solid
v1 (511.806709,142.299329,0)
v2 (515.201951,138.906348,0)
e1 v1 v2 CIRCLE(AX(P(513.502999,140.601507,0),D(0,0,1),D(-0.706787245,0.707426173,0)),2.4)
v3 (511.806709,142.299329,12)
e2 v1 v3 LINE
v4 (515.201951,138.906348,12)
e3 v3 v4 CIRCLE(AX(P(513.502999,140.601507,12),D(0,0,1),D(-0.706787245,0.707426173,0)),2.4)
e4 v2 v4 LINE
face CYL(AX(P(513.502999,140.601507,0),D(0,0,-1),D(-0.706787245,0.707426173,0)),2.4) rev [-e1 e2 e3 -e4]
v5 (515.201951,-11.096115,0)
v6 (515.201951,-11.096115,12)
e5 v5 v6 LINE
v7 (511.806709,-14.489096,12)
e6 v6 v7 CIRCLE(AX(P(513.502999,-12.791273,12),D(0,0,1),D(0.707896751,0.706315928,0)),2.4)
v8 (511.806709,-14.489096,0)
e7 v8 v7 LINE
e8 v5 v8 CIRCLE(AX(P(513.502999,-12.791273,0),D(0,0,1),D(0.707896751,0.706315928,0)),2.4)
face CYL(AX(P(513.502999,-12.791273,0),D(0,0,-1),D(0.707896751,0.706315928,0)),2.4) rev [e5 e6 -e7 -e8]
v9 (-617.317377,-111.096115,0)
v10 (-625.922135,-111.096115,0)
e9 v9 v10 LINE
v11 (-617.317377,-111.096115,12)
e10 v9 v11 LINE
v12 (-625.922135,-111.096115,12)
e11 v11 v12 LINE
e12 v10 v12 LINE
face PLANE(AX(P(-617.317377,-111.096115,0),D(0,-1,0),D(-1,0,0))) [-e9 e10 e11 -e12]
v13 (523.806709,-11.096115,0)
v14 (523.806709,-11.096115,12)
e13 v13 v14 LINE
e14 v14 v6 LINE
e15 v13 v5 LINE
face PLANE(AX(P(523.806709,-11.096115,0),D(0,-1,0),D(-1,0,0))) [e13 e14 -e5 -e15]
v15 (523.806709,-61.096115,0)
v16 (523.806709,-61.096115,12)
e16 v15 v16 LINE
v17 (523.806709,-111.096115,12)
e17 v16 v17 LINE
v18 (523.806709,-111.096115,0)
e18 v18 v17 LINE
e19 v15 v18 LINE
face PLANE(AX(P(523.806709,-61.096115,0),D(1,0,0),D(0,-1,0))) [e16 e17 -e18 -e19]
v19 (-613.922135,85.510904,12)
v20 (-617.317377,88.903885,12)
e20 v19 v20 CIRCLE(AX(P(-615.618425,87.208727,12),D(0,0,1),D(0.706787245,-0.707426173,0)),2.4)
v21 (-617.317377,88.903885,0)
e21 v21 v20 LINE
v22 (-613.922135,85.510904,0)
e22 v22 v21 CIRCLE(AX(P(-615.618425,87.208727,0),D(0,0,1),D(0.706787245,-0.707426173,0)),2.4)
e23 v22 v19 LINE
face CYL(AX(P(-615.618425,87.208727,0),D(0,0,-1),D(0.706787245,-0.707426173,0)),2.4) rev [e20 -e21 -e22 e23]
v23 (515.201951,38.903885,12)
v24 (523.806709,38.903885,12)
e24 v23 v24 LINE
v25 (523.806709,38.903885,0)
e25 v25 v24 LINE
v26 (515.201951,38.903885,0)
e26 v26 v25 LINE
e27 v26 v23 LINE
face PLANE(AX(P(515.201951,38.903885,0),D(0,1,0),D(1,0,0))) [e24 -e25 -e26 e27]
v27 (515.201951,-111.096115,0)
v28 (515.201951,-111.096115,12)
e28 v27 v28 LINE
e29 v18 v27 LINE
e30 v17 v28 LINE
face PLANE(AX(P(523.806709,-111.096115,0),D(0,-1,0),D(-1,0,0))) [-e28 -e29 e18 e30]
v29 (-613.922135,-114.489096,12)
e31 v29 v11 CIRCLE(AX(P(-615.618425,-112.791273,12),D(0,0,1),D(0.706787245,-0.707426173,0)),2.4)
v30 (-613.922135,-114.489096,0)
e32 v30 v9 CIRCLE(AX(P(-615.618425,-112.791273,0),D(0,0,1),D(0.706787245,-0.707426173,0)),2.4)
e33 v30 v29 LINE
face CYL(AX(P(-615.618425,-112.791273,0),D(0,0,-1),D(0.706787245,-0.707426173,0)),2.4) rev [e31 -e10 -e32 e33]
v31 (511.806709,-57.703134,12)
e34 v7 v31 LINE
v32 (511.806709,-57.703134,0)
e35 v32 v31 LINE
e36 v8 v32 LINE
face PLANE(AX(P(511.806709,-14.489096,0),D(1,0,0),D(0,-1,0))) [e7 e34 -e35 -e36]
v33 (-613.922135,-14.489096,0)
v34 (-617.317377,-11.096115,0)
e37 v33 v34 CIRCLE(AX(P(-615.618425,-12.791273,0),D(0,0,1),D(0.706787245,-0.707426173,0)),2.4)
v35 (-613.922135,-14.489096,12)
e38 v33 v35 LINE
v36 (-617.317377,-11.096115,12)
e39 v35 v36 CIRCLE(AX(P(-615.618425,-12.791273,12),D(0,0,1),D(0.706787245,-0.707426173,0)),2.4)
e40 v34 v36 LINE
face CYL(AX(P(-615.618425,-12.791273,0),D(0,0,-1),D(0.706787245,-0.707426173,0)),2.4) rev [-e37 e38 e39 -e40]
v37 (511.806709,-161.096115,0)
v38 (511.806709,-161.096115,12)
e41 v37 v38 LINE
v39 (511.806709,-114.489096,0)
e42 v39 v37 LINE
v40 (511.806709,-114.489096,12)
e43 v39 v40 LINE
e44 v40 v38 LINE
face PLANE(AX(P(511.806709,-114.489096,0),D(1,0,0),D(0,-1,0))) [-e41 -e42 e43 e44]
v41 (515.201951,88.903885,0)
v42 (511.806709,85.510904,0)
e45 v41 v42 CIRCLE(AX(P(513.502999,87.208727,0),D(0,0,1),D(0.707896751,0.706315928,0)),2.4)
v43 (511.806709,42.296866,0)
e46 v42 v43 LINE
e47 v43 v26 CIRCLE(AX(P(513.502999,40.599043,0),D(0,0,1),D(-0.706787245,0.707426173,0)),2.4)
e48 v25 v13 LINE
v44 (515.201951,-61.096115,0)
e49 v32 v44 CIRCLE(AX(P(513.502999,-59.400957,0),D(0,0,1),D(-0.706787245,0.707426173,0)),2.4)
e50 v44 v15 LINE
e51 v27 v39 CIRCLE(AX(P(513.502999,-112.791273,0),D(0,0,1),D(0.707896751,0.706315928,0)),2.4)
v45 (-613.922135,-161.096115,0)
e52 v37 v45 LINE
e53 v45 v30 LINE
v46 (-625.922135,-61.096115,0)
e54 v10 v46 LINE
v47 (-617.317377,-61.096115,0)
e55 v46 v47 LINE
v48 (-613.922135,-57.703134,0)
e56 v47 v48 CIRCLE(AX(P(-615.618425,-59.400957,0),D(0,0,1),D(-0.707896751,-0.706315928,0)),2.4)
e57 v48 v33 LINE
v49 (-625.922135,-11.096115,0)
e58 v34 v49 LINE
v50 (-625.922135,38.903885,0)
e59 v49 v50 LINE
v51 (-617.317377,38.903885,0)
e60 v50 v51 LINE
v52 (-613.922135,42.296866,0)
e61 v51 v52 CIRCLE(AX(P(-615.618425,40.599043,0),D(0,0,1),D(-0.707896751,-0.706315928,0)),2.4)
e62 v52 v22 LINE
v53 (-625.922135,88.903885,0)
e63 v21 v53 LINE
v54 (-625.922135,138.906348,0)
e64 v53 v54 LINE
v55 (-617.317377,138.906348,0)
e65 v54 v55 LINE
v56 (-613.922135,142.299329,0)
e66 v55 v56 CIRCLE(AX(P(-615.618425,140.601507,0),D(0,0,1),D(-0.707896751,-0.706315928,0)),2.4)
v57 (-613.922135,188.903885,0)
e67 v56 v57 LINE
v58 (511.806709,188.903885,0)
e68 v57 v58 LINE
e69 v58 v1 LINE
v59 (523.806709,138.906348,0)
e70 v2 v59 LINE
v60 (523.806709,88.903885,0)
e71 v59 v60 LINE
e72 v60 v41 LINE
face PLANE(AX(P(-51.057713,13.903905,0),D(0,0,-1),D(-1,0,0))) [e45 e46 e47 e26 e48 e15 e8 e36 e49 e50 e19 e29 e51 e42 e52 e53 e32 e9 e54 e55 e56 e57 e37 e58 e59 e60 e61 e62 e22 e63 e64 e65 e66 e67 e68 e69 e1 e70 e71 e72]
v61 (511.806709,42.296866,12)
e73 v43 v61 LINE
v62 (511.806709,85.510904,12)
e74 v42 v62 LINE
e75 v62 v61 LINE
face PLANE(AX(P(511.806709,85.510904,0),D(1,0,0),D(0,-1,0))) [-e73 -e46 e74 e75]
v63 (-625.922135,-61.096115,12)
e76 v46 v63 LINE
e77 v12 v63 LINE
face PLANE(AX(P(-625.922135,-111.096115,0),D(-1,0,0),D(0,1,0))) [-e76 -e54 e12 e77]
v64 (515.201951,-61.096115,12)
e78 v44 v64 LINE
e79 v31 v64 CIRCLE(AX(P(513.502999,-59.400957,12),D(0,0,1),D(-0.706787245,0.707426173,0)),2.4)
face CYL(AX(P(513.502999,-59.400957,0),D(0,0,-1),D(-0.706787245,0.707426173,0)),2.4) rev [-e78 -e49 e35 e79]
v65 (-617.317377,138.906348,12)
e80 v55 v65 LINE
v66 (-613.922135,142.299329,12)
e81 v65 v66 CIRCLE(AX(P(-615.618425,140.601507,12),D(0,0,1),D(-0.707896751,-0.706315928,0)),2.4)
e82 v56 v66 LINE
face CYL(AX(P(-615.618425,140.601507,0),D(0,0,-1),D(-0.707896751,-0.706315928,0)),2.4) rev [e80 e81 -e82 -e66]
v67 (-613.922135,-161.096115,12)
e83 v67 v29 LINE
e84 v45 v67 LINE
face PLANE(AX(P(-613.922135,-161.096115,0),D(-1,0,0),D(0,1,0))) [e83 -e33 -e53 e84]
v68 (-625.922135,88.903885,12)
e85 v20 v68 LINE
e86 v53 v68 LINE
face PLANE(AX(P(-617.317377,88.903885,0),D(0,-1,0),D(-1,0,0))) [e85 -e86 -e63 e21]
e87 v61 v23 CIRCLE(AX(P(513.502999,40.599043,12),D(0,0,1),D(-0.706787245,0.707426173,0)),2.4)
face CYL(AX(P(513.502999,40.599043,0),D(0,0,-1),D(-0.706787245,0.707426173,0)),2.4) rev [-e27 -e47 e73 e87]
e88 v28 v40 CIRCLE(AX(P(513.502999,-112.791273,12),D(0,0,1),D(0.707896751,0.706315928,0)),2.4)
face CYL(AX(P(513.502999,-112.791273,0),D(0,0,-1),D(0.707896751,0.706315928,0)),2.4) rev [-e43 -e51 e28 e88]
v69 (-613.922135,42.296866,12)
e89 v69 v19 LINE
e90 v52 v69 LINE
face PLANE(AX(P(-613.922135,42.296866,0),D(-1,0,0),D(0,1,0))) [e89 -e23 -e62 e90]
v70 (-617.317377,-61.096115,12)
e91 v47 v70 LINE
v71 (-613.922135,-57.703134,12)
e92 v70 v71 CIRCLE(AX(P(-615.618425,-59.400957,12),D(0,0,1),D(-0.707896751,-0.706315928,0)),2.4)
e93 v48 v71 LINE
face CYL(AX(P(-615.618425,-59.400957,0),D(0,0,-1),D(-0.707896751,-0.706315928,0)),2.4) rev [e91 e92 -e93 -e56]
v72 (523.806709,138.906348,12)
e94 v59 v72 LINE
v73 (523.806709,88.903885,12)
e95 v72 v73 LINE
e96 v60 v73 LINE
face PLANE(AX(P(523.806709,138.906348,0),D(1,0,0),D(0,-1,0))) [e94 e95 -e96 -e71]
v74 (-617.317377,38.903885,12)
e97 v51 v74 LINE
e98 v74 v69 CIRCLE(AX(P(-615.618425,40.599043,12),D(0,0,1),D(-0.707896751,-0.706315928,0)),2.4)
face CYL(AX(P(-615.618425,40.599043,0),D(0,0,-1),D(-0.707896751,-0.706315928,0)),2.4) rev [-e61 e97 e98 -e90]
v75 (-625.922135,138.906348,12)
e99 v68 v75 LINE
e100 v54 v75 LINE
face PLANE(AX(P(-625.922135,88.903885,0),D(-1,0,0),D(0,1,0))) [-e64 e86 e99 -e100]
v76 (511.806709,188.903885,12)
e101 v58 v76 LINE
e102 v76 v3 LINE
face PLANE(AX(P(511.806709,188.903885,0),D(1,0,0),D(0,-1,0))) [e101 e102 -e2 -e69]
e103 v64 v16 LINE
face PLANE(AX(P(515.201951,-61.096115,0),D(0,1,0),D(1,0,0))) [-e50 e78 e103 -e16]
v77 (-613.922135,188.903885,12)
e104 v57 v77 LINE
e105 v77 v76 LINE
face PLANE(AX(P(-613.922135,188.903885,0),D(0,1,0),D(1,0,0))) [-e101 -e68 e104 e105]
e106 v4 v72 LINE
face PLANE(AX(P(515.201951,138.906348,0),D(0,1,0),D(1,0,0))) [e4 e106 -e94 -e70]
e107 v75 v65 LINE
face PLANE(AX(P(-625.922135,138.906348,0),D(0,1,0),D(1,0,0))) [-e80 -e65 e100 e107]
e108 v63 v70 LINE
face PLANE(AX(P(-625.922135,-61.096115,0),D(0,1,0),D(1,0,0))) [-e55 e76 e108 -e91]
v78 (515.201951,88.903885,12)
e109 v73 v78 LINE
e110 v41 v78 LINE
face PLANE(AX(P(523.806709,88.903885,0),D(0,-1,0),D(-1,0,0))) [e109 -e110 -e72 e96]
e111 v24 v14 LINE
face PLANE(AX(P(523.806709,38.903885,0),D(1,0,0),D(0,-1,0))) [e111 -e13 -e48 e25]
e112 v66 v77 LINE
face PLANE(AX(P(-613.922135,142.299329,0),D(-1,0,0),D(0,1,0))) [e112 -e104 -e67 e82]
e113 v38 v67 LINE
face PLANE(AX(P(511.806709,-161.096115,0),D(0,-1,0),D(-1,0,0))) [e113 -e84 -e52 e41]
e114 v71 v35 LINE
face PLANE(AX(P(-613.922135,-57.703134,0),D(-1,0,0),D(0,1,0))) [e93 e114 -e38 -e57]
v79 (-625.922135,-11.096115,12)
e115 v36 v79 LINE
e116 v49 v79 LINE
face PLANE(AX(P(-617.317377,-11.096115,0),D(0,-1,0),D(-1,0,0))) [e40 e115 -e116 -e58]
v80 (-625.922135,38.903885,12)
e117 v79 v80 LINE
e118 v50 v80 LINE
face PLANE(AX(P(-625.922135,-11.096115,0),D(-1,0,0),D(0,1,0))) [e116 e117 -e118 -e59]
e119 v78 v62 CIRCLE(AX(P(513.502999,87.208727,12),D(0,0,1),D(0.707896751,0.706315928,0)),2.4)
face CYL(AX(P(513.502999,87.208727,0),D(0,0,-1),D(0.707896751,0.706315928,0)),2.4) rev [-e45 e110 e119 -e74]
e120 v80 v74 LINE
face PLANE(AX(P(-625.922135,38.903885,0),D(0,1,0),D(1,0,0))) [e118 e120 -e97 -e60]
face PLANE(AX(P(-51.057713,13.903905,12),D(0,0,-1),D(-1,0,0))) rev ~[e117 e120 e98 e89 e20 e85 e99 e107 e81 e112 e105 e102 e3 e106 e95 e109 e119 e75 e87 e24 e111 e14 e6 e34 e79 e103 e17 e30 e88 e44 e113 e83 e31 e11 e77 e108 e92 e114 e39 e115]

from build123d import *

# Parameters (mm, degrees)
BOSS_EXTRUDE1_DEPTH = 12


with BuildPart() as part:
    # Sketch1 → Boss-Extrude1 (new body)
    with BuildSketch(Plane.XY):
        with BuildLine():
            Line((511.8067094, 188.903885219), (511.8067094, 142.299329353))
            ThreePointArc((511.8067094, 142.299329353), (511.806507744, 138.903885219), (515.20195099, 138.906348311))
            Line((515.20195099, 138.906348311), (523.8067094, 138.906348311))
            Line((523.8067094, 138.906348311), (523.8067094, 138.319810176))
            Line((523.8067094, 138.319810176), (523.8067094, 88.903885219))
            Line((523.8067094, 88.903885219), (518.8067094, 88.903885219))
            Line((518.8067094, 88.903885219), (515.20195099, 88.903885219))
            ThreePointArc((515.20195099, 88.903885219), (511.806507744, 88.906348311), (511.8067094, 85.510904177))
            Line((511.8067094, 85.510904177), (511.8067094, 42.296866261))
            ThreePointArc((511.8067094, 42.296866261), (511.806507744, 38.901422127), (515.20195099, 38.903885219))
            Line((515.20195099, 38.903885219), (518.8067094, 38.903885219))
            Line((518.8067094, 38.903885219), (523.8067094, 38.903885219))
            Line((523.8067094, 38.903885219), (523.8067094, -11.096114781))
            Line((523.8067094, -11.096114781), (518.8067094, -11.096114781))
            Line((518.8067094, -11.096114781), (515.20195099, -11.096114781))
            ThreePointArc((515.20195099, -11.096114781), (511.806507744, -11.093651689), (511.8067094, -14.489095823))
            Line((511.8067094, -14.489095823), (511.8067094, -57.703133739))
            ThreePointArc((511.8067094, -57.703133739), (511.806507744, -61.098577873), (515.20195099, -61.096114781))
            Line((515.20195099, -61.096114781), (518.8067094, -61.096114781))
            Line((518.8067094, -61.096114781), (523.8067094, -61.096114781))
            Line((523.8067094, -61.096114781), (523.8067094, -111.096114781))
            Line((523.8067094, -111.096114781), (518.8067094, -111.096114781))
            Line((518.8067094, -111.096114781), (515.20195099, -111.096114781))
            ThreePointArc((515.20195099, -111.096114781), (511.806507744, -111.093651689), (511.8067094, -114.489095823))
            Line((511.8067094, -114.489095823), (511.8067094, -161.096114781))
            Line((511.8067094, -161.096114781), (-613.922135209, -161.096114781))
            Line((-613.922135209, -161.096114781), (-613.922135209, -114.489095823))
            ThreePointArc((-613.922135209, -114.489095823), (-613.921933554, -111.093651689), (-617.3173768, -111.096114781))
            Line((-617.3173768, -111.096114781), (-620.922135209, -111.096114781))
            Line((-620.922135209, -111.096114781), (-625.922135209, -111.096114781))
            Line((-625.922135209, -111.096114781), (-625.922135209, -61.096114781))
            Line((-625.922135209, -61.096114781), (-620.922135209, -61.096114781))
            Line((-620.922135209, -61.096114781), (-617.3173768, -61.096114781))
            ThreePointArc((-617.3173768, -61.096114781), (-613.921933554, -61.098577873), (-613.922135209, -57.703133739))
            Line((-613.922135209, -57.703133739), (-613.922135209, -14.489095823))
            ThreePointArc((-613.922135209, -14.489095823), (-613.921933554, -11.093651689), (-617.3173768, -11.096114781))
            Line((-617.3173768, -11.096114781), (-620.922135209, -11.096114781))
            Line((-620.922135209, -11.096114781), (-625.922135209, -11.096114781))
            Line((-625.922135209, -11.096114781), (-625.922135209, 38.903885219))
            Line((-625.922135209, 38.903885219), (-620.922135209, 38.903885219))
            Line((-620.922135209, 38.903885219), (-617.3173768, 38.903885219))
            ThreePointArc((-617.3173768, 38.903885219), (-613.921933554, 38.901422127), (-613.922135209, 42.296866261))
            Line((-613.922135209, 42.296866261), (-613.922135209, 85.510904177))
            ThreePointArc((-613.922135209, 85.510904177), (-613.921933554, 88.906348311), (-617.3173768, 88.903885219))
            Line((-617.3173768, 88.903885219), (-620.922135209, 88.903885219))
            Line((-620.922135209, 88.903885219), (-625.922135209, 88.903885219))
            Line((-625.922135209, 88.903885219), (-625.922135209, 138.319810176))
            Line((-625.922135209, 138.319810176), (-625.922135209, 138.906348311))
            Line((-625.922135209, 138.906348311), (-617.3173768, 138.906348311))
            ThreePointArc((-617.3173768, 138.906348311), (-613.921933554, 138.903885219), (-613.922135209, 142.299329353))
            Line((-613.922135209, 142.299329353), (-613.922135209, 188.903885219))
            Line((-613.922135209, 188.903885219), (511.8067094, 188.903885219))
        make_face()
    extrude(amount=BOSS_EXTRUDE1_DEPTH)


solid = part.part
